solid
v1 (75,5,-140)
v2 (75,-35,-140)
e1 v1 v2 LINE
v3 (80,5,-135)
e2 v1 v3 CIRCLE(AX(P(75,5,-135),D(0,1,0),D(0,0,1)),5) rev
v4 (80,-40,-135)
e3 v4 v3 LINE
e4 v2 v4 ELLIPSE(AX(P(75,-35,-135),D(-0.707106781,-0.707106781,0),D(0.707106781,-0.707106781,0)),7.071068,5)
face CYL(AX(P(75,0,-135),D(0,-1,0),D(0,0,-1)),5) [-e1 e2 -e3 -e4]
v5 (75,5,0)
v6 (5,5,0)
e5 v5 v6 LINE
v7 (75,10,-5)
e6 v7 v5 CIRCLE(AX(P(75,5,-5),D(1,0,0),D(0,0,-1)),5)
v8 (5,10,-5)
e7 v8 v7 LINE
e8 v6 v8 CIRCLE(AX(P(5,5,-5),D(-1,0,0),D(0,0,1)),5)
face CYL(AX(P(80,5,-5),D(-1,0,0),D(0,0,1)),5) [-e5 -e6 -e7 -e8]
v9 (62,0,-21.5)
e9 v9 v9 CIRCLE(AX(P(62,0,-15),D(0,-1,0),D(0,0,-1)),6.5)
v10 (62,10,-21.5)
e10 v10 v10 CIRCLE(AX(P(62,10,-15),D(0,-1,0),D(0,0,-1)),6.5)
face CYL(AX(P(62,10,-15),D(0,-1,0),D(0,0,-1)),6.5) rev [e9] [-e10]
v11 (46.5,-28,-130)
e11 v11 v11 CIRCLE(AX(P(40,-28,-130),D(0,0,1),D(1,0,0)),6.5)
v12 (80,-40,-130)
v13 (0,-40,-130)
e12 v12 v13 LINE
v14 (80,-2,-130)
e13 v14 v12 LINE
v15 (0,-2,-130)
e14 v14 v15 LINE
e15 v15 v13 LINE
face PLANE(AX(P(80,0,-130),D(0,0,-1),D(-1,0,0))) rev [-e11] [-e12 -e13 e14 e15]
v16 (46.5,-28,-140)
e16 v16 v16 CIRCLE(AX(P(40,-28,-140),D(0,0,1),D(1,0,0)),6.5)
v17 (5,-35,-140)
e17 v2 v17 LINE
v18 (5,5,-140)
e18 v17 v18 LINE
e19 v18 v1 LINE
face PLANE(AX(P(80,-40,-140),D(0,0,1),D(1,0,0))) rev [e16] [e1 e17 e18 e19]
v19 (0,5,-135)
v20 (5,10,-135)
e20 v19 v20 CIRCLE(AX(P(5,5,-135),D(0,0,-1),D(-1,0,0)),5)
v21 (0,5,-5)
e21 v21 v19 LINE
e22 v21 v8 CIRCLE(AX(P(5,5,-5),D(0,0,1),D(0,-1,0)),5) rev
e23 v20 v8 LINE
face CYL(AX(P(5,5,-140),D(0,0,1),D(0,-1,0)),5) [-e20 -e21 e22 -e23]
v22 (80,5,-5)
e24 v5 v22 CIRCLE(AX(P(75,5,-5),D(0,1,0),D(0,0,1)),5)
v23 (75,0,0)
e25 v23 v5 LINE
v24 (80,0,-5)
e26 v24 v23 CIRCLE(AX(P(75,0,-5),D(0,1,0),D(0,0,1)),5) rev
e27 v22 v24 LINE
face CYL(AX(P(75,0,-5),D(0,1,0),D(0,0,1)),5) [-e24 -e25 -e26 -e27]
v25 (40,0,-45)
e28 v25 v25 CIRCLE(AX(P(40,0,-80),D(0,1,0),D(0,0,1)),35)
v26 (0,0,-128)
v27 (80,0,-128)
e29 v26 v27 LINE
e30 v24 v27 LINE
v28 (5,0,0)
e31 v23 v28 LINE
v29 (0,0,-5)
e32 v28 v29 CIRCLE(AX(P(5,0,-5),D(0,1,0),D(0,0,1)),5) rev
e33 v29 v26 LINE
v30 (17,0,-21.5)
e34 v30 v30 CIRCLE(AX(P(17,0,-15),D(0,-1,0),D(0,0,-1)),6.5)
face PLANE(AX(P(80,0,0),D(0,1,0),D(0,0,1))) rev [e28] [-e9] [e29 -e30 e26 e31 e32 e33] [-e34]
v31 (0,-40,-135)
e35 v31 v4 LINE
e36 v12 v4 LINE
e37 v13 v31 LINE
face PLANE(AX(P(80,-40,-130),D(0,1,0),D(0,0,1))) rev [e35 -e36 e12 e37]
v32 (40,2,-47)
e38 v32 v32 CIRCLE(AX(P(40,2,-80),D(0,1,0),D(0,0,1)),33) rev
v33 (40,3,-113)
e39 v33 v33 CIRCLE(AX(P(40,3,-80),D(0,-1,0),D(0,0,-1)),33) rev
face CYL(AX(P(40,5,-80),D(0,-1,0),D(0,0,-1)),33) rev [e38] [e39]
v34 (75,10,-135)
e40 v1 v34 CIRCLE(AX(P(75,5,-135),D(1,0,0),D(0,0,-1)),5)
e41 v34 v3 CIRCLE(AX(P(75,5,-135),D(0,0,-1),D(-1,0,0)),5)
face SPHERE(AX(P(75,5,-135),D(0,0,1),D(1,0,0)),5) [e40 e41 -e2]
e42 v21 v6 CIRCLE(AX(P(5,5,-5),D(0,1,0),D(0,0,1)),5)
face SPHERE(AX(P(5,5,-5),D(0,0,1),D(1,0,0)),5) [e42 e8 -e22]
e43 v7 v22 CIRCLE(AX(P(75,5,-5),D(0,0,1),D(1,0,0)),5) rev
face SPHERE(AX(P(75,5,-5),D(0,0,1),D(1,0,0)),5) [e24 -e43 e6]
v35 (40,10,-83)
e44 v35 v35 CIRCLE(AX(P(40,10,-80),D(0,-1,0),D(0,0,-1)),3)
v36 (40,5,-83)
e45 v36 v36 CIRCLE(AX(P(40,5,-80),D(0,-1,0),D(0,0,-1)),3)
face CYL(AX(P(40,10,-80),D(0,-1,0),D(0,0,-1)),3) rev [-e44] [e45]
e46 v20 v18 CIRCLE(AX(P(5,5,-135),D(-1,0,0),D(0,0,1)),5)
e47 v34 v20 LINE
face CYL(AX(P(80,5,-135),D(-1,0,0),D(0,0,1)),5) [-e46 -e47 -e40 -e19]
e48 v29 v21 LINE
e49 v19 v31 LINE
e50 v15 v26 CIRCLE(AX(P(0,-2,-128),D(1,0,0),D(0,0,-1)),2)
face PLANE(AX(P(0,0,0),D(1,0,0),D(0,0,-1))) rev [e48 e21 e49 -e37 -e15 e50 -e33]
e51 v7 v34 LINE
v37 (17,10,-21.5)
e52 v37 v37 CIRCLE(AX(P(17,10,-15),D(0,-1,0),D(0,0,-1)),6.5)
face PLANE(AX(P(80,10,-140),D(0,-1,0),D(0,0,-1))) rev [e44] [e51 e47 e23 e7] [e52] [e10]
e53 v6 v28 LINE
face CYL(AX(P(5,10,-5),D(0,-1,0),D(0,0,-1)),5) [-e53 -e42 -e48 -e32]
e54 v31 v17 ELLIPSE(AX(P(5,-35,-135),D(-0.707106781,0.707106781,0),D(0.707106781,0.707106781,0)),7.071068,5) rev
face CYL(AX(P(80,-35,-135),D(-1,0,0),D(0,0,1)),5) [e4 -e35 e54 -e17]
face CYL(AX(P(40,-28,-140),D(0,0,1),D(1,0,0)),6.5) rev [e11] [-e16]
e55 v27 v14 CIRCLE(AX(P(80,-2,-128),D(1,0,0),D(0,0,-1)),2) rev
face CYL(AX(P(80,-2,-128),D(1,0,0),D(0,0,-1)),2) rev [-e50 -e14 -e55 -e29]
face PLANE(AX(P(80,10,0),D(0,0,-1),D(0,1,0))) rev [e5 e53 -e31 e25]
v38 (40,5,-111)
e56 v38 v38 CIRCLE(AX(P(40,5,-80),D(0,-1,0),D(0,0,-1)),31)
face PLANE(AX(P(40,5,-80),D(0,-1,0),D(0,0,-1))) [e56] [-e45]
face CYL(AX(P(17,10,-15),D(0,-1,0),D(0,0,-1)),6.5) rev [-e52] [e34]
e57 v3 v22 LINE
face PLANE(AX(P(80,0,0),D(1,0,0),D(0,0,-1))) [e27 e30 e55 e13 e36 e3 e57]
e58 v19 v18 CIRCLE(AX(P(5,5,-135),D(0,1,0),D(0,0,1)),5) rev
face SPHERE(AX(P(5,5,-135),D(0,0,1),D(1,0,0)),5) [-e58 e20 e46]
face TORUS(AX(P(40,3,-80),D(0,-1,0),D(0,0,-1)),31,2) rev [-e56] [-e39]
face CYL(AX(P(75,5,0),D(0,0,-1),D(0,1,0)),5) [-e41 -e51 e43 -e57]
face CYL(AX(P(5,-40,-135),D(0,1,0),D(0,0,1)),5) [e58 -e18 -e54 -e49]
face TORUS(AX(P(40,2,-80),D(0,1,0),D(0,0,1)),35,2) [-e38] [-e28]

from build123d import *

# Parameters (mm, degrees)
BOSS_EXTRUDE1_DEPTH = 80
SKETCH2_R           = 6.5
CUT_EXTRUDE1_DEPTH  = 167.132477258
SKETCH3_R           = 33
CUT_EXTRUDE2_DEPTH  = 5
FILLET1_R           = 2
SKETCH4_R           = 6.5
CUT_EXTRUDE3_DEPTH  = 158.797338381
FILLET2_R           = 5
FILLET3_R           = 2
SKETCH5_R           = 3
CUT_EXTRUDE4_DEPTH  = 168.406690428


with BuildPart() as part:
    # Sketch1 → Boss-Extrude1 (new body)
    with BuildSketch(Plane(origin=(0, 0, 0), x_dir=(0, 0, -1), z_dir=(1, 0, 0))):
        Polygon((0, 0), (130, 0), (130, -40), (140, -40), (140, 10), (0, 10), align=None)
    extrude(amount=BOSS_EXTRUDE1_DEPTH)

    # Sketch2 → Cut-Extrude1 (cut, through all)
    with BuildSketch(Plane.XZ):
        with Locations(Location((17, -15, 0), (0, 0, 270))):
            Circle(SKETCH2_R)
        with Locations(Location((62, -15, 0), (0, 0, 270))):
            Circle(SKETCH2_R)
    extrude(amount=-CUT_EXTRUDE1_DEPTH, mode=Mode.SUBTRACT)

    # Sketch3 → Cut-Extrude2 (cut)
    with BuildSketch(Plane.XZ):
        with Locations(Location((40, -80, 0), (0, 0, 270))):
            Circle(SKETCH3_R)
    extrude(amount=-CUT_EXTRUDE2_DEPTH, mode=Mode.SUBTRACT)

    # Fillet1
    fillet1_edges = [part.edges().sort_by_distance(p)[0] for p in [
        (40, 5, -47),
        (40, 0, -47),
    ]]
    fillet(fillet1_edges, radius=FILLET1_R)

    # Sketch4 → Cut-Extrude3 (cut, through all)
    with BuildSketch(Plane.XY.offset(-130)):
        with Locations((40, -28)):
            Circle(SKETCH4_R)
    extrude(amount=-CUT_EXTRUDE3_DEPTH, mode=Mode.SUBTRACT)

    # Fillet2
    fillet2_edges = [part.edges().sort_by_distance(p)[0] for p in [
        (40, 10, 0),
        (40, 10, -140),
        (40, -40, -140),
        (80, -15, -140),
        (80, 10, -70),
        (80, 5, 0),
        (0, 10, -70),
        (0, -15, -140),
        (0, 5, 0),
    ]]
    fillet(fillet2_edges, radius=FILLET2_R)

    # Fillet3
    fillet3_edges = [part.edges().sort_by_distance(p)[0] for p in [
        (40, 0, -130),
    ]]
    fillet(fillet3_edges, radius=FILLET3_R)

    # Sketch5 → Cut-Extrude4 (cut, through all)
    with BuildSketch(Plane.XZ.offset(-5)):
        with Locations(Location((40, -80, 0), (0, 0, 270))):
            Circle(SKETCH5_R)
    extrude(amount=-CUT_EXTRUDE4_DEPTH, mode=Mode.SUBTRACT)


solid = part.part
